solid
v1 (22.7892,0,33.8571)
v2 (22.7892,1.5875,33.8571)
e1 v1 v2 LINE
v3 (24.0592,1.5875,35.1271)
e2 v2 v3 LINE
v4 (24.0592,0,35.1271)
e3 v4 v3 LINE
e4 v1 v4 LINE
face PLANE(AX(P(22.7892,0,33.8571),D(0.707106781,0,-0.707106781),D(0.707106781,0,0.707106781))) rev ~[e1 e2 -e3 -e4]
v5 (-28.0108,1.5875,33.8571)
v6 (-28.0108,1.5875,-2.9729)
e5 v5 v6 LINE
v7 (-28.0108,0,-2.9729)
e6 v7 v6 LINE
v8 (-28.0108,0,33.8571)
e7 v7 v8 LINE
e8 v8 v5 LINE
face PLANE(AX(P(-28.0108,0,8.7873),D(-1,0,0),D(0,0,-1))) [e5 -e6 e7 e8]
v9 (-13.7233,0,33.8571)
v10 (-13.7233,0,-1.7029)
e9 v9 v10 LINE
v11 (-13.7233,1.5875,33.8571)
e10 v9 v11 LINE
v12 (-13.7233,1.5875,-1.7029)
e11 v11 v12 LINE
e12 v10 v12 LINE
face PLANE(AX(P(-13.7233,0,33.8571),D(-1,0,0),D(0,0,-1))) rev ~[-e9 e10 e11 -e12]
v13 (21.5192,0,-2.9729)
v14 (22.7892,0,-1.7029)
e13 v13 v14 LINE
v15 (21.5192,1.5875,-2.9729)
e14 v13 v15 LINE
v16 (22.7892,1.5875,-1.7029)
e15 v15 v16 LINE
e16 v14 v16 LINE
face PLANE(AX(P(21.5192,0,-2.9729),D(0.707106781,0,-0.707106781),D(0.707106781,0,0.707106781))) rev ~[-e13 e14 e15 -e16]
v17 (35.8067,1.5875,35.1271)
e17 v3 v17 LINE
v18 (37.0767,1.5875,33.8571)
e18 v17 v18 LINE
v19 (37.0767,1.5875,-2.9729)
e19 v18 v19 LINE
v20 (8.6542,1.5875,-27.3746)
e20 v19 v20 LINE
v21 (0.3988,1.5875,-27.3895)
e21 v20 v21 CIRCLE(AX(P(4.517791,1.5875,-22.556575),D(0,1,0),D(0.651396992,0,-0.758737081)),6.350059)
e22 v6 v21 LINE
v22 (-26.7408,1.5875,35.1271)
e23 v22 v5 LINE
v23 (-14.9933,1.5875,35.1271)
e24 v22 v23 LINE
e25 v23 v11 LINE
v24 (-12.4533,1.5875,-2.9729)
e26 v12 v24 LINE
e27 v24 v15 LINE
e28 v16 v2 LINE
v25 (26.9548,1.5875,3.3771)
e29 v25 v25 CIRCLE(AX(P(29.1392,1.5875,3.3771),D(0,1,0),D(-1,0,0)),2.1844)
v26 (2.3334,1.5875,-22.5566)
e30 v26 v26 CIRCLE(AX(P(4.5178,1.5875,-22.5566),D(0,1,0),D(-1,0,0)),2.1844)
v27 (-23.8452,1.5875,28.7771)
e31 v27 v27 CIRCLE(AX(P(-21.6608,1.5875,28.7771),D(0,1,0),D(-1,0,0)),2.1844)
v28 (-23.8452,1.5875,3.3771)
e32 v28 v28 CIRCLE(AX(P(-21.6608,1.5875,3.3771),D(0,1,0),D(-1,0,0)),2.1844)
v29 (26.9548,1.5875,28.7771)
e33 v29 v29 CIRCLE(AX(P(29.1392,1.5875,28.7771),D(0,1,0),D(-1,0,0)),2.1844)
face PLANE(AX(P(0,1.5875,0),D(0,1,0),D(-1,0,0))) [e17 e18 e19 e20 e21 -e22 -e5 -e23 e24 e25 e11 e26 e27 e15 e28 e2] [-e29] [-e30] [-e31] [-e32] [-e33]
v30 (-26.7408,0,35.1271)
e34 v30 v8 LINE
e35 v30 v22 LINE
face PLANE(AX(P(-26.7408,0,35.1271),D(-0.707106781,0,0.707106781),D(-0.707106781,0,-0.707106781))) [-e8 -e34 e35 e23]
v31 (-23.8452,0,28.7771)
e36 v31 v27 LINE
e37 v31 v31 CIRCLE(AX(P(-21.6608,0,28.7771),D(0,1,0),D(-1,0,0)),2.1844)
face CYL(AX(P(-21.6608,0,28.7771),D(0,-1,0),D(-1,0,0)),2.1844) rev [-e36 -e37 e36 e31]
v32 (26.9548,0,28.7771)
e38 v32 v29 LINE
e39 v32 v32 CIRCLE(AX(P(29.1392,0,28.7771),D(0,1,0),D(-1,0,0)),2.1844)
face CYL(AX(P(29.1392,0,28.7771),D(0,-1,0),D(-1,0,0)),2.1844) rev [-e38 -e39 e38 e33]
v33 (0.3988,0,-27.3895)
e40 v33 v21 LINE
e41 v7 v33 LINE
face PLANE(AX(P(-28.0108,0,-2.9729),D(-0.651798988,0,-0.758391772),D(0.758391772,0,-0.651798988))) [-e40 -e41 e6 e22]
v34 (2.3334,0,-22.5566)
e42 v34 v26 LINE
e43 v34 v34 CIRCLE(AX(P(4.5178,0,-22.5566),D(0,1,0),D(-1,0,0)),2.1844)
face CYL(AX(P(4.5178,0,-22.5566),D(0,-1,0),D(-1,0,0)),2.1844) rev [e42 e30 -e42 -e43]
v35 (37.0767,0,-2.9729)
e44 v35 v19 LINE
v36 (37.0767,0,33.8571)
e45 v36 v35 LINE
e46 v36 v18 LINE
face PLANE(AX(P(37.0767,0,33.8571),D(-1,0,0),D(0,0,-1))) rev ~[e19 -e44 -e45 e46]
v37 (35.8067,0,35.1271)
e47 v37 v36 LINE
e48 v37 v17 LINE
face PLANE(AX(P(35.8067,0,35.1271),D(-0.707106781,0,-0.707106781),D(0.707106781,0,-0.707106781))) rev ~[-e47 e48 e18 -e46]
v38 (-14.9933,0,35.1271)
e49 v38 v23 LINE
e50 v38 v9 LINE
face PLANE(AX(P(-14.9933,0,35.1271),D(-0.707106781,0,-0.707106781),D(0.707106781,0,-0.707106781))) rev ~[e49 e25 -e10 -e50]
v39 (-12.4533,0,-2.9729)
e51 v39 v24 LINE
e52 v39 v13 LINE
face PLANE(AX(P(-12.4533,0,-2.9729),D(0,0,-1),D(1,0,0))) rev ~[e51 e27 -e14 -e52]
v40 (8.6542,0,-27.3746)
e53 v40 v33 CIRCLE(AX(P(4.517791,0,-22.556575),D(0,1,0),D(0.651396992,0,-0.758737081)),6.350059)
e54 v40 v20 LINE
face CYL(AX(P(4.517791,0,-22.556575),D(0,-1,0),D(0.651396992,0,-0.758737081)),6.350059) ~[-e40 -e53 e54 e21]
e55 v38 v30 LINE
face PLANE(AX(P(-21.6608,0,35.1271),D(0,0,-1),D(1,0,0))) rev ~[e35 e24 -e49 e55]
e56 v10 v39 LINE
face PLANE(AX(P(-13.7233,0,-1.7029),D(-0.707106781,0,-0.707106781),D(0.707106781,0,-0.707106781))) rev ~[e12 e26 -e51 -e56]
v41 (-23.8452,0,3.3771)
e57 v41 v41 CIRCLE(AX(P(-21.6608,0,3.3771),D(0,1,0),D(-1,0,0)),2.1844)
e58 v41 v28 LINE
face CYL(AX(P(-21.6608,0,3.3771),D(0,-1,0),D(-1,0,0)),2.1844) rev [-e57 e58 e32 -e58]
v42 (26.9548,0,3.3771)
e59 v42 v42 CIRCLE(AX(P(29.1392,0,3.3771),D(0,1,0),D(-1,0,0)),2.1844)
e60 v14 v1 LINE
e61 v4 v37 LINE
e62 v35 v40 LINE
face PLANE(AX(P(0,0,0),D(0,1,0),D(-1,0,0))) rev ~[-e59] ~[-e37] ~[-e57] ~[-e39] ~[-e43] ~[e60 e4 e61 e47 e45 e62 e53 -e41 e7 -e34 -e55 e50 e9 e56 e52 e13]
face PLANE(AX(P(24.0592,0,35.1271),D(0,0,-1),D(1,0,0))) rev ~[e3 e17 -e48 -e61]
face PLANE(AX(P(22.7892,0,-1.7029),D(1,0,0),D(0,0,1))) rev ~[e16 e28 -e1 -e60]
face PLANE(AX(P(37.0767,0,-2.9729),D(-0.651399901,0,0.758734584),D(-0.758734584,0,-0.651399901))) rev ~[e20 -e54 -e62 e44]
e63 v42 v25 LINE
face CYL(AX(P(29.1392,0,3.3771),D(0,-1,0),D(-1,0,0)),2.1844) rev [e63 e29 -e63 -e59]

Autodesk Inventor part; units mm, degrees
ref_plane "YZ Plane" through (0, 0, 0) normal (1, 0, 0) x (0, 1, 0)
ref_plane "XZ Plane" through (0, 0, 0) normal (0, 1, 0) x (-1, 0, 0)
ref_plane "XY Plane" through (0, 0, 0) normal (0, 0, 1) x (1, 0, 0)
sketch "Sketch1" plane through (0, 0, 0) normal (0, 1, 0) x (-1, 0, 0)
  circle A0 centre (21.6608, 3.3771) radius 2.1844
  circle A1 centre (21.6608, 28.7771) radius 2.1844
  circle A2 centre (-29.1392, 28.7771) radius 2.1844
  circle A3 centre (-29.1392, 3.3771) radius 2.1844
  line L0 (28.0108, 8.7873) -> (28.0108, -1.9569)
  line L1 (21.6608, 35.1271) -> (26.7408, 35.1271)
  line L2 (28.0108, 33.8571) -> (28.0108, -1.9569)
  line L3 (21.6608, 35.1271) -> (14.9933, 35.1271)
  line L4 (26.7408, 35.1271) -> (28.0108, 33.8571)
  line L5 (13.7233, 33.8571) -> (13.7233, -1.7029)
  line L6 (12.4533, -2.9729) -> (-21.5192, -2.9729)
  line L7 (14.9933, 35.1271) -> (13.7233, 33.8571)
  line L8 (13.7233, -1.7029) -> (12.4533, -2.9729)
  line L9 (-22.7892, -1.7029) -> (-22.7892, 33.8571)
  line L10 (-24.0592, 35.1271) -> (-35.8067, 35.1271)
  line L11 (-37.0767, 33.8571) -> (-37.0767, -2.9729)
  line L12 (-22.7892, 33.8571) -> (-24.0592, 35.1271)
  line L13 (-35.8067, 35.1271) -> (-37.0767, 33.8571)
  line L14 (-21.5192, -2.9729) -> (-22.7892, -1.7029)
  line L15 (28.0108, -1.9569) -> (28.0108, 3.3771)
  line L16 (21.6608, 3.3771) -> (47.0608, 3.3771) construction
  line L17 (28.0108, -1.9569) -> (28.0108, -2.9729)
  line L18 (28.0108, -2.9729) -> (-37.0767, -2.9729)
  line L19 (-37.0767, -2.9729) -> (-8.6542, -27.3746)
  arc A4 (-8.6542, -27.3746) -> (-0.3988, -27.3895) centre (-4.5178, -22.5566) ccw
  circle A5 centre (-4.5178, -22.5566) radius 2.1844
  line L20 (28.0108, -2.9729) -> (-0.3988, -27.3895)
  point P0 (0, 0)
  point P1 (28.0108, 35.1271)
  point P2 (13.7233, 35.1271)
  point P3 (13.7233, -2.9729)
  point P4 (-22.7892, -2.9729)
  point P5 (-22.7892, 35.1271)
  point P6 (-37.0767, 35.1271)
  dimension "d0" = 6.35
  dimension "d1" = 1.27
  dimension "d2" = 1.27
  dimension "d3" = 38.1
  dimension "d4" = 1.27
  dimension "d5" = 1.27
  dimension "d6" = 1.27
  dimension "d7" = 1.27
  dimension "d8" = 38.1
  dimension "d9" = 1.27
  dimension "d10" = 1.27
  dimension "d11" = 1.27
  dimension "d12" = 1.27
  dimension "d13" = 1.27
  dimension "d14" = 1.27
  dimension "d19" = 1.016
  dimension "d20" = 36.83
  dimension "d26" = 6.35
  dimension "d27" = 4.3688
extrude "Extrusion1" add sketch "Sketch1" along normal blind 1.5875
equation "\"d5\" = d4"
equation "\"d6\" = d4"
equation "\"d7\" = d6"
equation "\"d10\" = d9"
equation "\"d11\" = d9"
equation "\"d12\" = d11"
equation "\"d13\" = d9"
equation "\"d14\" = d13"
properties part number "frontFunnel"
